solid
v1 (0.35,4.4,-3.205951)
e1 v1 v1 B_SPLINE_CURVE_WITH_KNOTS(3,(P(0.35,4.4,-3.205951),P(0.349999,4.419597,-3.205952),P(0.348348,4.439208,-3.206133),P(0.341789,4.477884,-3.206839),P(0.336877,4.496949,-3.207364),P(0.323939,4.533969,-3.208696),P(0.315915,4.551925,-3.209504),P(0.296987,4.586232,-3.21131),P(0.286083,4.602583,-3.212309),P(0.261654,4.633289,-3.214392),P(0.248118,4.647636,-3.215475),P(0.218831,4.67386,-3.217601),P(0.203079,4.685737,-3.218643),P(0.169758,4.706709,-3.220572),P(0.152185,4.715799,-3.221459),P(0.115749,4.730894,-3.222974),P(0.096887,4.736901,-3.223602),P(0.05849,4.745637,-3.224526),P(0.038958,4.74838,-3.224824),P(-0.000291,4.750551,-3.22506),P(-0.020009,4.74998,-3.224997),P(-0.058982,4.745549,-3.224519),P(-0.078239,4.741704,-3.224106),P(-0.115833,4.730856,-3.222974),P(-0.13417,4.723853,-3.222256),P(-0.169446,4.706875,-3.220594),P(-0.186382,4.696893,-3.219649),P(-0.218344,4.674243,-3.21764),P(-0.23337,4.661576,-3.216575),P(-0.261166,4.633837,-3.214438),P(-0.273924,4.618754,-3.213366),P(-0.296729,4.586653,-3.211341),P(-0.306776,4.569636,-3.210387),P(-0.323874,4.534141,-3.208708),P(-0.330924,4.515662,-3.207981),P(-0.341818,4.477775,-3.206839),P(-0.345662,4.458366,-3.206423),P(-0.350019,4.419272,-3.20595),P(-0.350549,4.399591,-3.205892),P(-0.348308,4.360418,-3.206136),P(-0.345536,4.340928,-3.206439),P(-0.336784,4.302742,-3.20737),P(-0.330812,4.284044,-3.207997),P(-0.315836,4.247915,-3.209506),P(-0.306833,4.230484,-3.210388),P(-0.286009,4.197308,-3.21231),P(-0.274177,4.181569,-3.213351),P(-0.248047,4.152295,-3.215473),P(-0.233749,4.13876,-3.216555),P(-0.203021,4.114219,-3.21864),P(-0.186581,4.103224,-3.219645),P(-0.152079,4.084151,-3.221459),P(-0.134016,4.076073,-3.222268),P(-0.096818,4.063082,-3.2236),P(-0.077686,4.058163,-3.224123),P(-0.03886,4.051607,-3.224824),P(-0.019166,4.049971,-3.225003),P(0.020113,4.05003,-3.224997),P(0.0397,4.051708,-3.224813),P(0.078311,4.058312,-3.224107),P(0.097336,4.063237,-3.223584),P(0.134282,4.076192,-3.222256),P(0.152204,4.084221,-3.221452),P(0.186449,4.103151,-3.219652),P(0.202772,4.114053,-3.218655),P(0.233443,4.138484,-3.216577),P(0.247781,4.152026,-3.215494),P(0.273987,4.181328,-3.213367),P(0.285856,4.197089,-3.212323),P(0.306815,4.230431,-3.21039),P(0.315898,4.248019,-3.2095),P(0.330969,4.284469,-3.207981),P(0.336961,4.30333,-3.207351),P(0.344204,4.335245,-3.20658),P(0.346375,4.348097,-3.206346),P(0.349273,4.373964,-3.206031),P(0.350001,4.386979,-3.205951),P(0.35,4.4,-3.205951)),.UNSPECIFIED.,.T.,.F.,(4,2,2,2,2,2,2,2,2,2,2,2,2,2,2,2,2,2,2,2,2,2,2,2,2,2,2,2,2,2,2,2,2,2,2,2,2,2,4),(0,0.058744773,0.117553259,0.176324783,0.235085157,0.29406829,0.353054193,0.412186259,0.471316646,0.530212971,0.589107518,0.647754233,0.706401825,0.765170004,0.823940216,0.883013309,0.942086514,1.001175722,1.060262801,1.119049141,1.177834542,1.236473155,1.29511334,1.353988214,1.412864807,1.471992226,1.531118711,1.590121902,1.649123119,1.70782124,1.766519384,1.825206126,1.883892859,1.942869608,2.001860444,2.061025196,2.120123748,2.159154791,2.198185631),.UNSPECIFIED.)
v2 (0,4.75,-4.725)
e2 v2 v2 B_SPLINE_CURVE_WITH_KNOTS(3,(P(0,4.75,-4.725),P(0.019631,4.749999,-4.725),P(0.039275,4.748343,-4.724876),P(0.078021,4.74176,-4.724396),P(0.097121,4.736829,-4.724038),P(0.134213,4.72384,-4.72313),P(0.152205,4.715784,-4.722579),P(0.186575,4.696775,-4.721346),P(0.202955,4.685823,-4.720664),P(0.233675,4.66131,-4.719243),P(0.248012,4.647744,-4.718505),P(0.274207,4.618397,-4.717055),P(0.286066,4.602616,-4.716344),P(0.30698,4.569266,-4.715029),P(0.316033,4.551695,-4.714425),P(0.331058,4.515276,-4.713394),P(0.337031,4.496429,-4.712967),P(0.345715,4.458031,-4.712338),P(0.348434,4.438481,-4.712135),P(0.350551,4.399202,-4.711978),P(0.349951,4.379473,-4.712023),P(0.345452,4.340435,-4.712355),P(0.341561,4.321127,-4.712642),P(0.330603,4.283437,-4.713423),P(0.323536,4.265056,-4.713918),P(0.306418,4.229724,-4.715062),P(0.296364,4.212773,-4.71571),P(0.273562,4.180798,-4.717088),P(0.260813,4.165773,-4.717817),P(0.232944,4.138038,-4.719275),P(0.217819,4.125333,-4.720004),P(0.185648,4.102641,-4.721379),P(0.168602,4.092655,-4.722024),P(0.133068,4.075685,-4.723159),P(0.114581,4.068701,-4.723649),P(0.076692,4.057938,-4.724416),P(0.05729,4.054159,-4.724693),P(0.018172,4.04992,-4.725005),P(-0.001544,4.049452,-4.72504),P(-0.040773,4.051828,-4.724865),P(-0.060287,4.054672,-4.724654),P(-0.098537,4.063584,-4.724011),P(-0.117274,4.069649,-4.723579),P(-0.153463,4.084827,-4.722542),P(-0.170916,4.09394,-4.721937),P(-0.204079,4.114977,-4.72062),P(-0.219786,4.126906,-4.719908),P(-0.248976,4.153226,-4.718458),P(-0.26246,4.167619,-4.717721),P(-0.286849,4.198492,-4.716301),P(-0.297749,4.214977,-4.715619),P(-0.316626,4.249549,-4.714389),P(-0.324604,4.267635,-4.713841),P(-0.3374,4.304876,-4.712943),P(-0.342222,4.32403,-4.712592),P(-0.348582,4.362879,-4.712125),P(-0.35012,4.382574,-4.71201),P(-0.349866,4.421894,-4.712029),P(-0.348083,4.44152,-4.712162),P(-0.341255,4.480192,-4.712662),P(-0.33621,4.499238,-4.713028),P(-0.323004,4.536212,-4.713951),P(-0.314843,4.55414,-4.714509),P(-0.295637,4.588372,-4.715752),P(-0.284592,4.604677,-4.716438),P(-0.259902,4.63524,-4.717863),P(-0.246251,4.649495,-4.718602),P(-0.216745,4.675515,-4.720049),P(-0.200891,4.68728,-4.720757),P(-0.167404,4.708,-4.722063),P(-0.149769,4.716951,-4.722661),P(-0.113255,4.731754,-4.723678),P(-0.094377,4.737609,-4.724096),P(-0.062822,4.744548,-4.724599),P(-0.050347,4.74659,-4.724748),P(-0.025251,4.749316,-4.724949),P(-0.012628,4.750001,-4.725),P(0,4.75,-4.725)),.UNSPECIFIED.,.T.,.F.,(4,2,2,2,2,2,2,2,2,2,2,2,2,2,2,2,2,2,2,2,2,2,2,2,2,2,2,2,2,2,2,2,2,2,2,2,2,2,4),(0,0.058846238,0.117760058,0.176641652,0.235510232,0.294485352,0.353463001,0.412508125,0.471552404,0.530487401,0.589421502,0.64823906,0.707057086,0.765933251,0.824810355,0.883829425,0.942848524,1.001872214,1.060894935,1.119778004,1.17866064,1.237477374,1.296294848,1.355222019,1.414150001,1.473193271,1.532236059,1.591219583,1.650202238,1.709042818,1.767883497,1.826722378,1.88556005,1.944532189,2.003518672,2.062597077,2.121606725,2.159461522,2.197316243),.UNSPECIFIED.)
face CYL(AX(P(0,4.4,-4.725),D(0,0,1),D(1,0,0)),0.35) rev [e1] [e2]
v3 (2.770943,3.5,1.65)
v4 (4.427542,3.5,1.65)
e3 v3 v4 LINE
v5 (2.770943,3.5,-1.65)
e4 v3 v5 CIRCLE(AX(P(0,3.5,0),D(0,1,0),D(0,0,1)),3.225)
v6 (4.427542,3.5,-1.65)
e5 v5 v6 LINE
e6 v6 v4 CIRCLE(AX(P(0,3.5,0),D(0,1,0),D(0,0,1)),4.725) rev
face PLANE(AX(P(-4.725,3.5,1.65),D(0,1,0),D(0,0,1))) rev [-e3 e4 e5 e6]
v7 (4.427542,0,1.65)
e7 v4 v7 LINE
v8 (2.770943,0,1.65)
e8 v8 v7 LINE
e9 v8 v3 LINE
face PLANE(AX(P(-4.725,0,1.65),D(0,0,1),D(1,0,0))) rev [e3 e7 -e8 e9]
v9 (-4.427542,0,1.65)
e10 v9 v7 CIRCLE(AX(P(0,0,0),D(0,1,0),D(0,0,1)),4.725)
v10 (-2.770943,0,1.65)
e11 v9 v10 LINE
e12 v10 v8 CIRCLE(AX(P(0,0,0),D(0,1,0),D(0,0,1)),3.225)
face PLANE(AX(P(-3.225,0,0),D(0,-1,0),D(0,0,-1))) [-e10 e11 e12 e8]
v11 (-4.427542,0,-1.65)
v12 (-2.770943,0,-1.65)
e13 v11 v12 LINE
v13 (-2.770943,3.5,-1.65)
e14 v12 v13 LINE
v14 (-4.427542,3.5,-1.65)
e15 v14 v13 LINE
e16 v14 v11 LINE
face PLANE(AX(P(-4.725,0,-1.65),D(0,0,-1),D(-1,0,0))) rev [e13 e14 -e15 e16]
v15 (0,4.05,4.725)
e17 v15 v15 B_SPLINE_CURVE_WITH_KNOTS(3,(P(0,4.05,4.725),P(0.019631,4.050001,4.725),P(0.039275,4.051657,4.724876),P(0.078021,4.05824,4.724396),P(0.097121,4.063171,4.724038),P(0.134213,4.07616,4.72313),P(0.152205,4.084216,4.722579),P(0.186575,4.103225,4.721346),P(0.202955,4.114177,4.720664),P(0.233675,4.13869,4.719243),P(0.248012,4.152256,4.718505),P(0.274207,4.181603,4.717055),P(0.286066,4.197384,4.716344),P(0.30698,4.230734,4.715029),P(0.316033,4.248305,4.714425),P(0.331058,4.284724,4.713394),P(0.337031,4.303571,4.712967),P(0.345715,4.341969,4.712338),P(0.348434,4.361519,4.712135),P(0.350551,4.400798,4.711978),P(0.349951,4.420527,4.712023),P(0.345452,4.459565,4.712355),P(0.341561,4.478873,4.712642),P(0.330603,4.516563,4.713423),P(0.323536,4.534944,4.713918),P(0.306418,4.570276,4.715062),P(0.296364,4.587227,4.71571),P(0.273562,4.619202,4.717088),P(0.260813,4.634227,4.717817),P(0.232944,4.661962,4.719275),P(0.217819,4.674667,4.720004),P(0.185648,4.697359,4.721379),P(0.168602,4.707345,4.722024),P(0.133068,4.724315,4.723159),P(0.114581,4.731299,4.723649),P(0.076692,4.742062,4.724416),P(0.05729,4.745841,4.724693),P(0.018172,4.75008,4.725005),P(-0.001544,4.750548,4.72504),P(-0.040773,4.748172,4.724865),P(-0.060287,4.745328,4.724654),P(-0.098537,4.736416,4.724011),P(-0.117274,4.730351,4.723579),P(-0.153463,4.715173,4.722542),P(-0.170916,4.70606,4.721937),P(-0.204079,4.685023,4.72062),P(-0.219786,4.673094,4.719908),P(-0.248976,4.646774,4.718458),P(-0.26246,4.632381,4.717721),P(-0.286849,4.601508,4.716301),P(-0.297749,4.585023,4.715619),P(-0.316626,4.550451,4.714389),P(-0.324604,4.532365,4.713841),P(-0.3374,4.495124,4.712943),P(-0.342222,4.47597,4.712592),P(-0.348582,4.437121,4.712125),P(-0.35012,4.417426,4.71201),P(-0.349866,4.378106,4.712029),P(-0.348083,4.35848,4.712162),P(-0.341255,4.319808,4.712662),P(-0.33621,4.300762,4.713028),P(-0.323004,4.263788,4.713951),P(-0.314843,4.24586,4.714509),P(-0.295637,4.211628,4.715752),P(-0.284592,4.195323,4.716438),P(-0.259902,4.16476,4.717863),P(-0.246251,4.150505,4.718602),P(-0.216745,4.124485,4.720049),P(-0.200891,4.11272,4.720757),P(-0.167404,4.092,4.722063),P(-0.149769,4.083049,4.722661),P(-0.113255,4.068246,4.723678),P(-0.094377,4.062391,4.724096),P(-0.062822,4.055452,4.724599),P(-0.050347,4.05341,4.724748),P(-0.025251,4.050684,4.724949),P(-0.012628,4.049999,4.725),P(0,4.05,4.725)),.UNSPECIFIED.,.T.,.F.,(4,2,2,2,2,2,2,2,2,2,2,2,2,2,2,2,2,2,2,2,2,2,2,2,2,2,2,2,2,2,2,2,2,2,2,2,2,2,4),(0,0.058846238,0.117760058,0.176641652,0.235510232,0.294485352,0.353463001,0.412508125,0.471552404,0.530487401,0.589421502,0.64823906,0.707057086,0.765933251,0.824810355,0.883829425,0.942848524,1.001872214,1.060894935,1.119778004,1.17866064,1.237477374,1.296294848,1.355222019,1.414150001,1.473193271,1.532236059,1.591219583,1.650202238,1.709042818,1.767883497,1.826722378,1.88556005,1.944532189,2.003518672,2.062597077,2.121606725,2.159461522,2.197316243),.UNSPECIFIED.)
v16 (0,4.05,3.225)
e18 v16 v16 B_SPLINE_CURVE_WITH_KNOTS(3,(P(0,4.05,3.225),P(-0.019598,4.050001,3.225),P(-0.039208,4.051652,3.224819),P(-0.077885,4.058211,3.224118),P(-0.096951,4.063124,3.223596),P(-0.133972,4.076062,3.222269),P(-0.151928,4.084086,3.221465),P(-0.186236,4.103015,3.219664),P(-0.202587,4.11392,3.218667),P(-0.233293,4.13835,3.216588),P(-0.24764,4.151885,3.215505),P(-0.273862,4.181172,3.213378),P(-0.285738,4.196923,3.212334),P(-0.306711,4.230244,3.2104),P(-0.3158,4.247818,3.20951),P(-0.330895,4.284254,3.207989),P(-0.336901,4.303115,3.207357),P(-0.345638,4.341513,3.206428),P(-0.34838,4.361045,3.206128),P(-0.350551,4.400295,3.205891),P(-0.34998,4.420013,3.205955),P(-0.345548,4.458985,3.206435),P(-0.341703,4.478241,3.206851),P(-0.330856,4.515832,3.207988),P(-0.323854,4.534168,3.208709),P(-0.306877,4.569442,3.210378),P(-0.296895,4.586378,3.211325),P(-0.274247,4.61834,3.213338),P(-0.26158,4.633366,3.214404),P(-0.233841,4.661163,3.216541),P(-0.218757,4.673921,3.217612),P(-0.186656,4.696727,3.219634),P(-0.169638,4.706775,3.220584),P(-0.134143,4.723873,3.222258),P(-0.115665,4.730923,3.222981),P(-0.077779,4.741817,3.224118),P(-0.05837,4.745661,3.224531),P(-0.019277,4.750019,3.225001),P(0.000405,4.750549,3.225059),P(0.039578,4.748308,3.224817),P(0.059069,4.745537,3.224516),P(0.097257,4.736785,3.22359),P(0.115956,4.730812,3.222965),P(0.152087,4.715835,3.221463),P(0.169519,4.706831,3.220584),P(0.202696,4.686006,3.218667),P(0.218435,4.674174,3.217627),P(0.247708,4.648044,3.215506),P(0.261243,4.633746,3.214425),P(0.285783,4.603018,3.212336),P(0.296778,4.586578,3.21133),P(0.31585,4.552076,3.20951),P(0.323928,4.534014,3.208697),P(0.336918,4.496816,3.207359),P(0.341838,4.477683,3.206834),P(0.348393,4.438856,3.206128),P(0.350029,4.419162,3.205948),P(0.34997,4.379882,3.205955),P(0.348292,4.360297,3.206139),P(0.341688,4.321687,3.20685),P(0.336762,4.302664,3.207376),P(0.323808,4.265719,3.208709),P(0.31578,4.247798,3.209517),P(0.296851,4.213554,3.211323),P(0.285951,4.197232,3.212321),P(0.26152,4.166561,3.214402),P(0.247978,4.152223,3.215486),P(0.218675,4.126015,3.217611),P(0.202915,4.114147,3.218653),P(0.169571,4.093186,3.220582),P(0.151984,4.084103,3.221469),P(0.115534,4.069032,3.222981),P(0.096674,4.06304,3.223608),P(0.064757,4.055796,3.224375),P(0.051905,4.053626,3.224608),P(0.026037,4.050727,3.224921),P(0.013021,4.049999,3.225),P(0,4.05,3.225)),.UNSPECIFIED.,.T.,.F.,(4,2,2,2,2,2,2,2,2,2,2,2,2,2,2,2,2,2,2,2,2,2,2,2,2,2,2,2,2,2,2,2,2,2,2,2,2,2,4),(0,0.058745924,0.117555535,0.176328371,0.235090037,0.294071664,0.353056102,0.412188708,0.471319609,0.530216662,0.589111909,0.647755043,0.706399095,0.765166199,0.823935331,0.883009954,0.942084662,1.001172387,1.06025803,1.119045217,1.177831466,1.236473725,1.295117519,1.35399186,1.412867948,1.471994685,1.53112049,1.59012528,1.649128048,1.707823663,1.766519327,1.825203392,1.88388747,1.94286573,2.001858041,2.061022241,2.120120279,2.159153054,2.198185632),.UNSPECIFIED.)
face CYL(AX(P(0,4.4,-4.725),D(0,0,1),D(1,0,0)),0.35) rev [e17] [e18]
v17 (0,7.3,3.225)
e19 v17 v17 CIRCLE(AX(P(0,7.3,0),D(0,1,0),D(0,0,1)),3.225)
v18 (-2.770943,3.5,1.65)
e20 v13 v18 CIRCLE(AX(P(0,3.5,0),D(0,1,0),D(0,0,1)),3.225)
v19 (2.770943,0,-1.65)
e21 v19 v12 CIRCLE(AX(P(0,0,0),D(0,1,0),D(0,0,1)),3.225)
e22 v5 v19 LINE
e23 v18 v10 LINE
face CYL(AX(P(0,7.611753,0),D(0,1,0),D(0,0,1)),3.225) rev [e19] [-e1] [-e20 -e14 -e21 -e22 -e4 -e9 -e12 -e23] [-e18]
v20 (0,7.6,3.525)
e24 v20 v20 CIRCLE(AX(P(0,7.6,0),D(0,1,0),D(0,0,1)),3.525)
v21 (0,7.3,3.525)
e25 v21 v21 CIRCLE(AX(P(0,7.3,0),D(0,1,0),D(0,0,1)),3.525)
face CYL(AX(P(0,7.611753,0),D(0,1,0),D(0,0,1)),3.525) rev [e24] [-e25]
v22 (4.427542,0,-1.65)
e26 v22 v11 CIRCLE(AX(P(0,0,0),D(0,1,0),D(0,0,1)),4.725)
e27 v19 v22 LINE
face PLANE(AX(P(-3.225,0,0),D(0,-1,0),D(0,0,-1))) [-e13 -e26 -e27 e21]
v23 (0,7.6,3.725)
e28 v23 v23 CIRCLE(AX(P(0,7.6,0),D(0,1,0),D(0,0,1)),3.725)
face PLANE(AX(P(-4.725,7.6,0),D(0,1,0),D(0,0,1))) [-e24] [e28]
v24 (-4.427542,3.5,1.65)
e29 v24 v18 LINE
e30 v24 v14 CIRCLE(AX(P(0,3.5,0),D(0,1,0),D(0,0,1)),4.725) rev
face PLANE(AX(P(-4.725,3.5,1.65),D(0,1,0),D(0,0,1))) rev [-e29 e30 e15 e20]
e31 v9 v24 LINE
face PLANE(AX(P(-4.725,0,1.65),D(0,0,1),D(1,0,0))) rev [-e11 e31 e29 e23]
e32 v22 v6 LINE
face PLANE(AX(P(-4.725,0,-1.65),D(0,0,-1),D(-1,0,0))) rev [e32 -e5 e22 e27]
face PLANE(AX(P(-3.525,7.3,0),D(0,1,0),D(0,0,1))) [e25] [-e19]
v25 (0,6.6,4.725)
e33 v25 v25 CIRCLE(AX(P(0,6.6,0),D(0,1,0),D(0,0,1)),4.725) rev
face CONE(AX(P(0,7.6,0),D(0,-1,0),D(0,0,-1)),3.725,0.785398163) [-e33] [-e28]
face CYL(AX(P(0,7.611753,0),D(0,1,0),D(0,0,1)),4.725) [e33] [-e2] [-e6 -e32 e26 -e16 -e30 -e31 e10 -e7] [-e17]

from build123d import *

# Parameters (mm, degrees)
CHAMFER1_SIZE           = 1
SKETCH2_W               = 3.3
SKETCH2_H               = 3.5
CUT_EXTRUDE1_DEPTH      = 5.725
CUT_EXTRUDE1_DEPTH_BACK = 5.725
SKETCH3_R               = 0.35
CUT_EXTRUDE2_DEPTH      = 5.725
CUT_EXTRUDE2_DEPTH_BACK = 5.725


with BuildPart() as part:
    # Sketch1 → Revolve1 (revolve)
    with BuildSketch(Plane.XY):
        Polygon((-4.725, 0), (-4.725, 7.6), (-3.525, 7.6), (-3.525, 7.3), (-3.225, 7.3), (-3.225, 0), align=None)
    revolve(axis=Axis((0, 7.611752988, 0), (0, -1, 0)))

    # Chamfer1
    chamfer1_edges = [part.edges().sort_by_distance(p)[0] for p in [
        (4.725, 7.6, 0),
    ]]
    chamfer(chamfer1_edges, length=CHAMFER1_SIZE)

    # Sketch2 → Cut-Extrude1 (cut, two sides)
    with BuildSketch(Plane(origin=(0, 0, 0), x_dir=(0, 0, -1), z_dir=(1, 0, 0))) as cut_extrude1_sk:
        with Locations((0, 1.75)):
            Rectangle(SKETCH2_W, SKETCH2_H)
    extrude(amount=CUT_EXTRUDE1_DEPTH, mode=Mode.SUBTRACT)
    extrude(cut_extrude1_sk.sketch, amount=-CUT_EXTRUDE1_DEPTH_BACK, mode=Mode.SUBTRACT)

    # Sketch3 → Cut-Extrude2 (cut, two sides)
    with BuildSketch(Plane.XY) as cut_extrude2_sk:
        with Locations((0, 4.4)):
            Circle(SKETCH3_R)
    extrude(amount=CUT_EXTRUDE2_DEPTH, mode=Mode.SUBTRACT)
    extrude(cut_extrude2_sk.sketch, amount=-CUT_EXTRUDE2_DEPTH_BACK, mode=Mode.SUBTRACT)


solid = part.part
